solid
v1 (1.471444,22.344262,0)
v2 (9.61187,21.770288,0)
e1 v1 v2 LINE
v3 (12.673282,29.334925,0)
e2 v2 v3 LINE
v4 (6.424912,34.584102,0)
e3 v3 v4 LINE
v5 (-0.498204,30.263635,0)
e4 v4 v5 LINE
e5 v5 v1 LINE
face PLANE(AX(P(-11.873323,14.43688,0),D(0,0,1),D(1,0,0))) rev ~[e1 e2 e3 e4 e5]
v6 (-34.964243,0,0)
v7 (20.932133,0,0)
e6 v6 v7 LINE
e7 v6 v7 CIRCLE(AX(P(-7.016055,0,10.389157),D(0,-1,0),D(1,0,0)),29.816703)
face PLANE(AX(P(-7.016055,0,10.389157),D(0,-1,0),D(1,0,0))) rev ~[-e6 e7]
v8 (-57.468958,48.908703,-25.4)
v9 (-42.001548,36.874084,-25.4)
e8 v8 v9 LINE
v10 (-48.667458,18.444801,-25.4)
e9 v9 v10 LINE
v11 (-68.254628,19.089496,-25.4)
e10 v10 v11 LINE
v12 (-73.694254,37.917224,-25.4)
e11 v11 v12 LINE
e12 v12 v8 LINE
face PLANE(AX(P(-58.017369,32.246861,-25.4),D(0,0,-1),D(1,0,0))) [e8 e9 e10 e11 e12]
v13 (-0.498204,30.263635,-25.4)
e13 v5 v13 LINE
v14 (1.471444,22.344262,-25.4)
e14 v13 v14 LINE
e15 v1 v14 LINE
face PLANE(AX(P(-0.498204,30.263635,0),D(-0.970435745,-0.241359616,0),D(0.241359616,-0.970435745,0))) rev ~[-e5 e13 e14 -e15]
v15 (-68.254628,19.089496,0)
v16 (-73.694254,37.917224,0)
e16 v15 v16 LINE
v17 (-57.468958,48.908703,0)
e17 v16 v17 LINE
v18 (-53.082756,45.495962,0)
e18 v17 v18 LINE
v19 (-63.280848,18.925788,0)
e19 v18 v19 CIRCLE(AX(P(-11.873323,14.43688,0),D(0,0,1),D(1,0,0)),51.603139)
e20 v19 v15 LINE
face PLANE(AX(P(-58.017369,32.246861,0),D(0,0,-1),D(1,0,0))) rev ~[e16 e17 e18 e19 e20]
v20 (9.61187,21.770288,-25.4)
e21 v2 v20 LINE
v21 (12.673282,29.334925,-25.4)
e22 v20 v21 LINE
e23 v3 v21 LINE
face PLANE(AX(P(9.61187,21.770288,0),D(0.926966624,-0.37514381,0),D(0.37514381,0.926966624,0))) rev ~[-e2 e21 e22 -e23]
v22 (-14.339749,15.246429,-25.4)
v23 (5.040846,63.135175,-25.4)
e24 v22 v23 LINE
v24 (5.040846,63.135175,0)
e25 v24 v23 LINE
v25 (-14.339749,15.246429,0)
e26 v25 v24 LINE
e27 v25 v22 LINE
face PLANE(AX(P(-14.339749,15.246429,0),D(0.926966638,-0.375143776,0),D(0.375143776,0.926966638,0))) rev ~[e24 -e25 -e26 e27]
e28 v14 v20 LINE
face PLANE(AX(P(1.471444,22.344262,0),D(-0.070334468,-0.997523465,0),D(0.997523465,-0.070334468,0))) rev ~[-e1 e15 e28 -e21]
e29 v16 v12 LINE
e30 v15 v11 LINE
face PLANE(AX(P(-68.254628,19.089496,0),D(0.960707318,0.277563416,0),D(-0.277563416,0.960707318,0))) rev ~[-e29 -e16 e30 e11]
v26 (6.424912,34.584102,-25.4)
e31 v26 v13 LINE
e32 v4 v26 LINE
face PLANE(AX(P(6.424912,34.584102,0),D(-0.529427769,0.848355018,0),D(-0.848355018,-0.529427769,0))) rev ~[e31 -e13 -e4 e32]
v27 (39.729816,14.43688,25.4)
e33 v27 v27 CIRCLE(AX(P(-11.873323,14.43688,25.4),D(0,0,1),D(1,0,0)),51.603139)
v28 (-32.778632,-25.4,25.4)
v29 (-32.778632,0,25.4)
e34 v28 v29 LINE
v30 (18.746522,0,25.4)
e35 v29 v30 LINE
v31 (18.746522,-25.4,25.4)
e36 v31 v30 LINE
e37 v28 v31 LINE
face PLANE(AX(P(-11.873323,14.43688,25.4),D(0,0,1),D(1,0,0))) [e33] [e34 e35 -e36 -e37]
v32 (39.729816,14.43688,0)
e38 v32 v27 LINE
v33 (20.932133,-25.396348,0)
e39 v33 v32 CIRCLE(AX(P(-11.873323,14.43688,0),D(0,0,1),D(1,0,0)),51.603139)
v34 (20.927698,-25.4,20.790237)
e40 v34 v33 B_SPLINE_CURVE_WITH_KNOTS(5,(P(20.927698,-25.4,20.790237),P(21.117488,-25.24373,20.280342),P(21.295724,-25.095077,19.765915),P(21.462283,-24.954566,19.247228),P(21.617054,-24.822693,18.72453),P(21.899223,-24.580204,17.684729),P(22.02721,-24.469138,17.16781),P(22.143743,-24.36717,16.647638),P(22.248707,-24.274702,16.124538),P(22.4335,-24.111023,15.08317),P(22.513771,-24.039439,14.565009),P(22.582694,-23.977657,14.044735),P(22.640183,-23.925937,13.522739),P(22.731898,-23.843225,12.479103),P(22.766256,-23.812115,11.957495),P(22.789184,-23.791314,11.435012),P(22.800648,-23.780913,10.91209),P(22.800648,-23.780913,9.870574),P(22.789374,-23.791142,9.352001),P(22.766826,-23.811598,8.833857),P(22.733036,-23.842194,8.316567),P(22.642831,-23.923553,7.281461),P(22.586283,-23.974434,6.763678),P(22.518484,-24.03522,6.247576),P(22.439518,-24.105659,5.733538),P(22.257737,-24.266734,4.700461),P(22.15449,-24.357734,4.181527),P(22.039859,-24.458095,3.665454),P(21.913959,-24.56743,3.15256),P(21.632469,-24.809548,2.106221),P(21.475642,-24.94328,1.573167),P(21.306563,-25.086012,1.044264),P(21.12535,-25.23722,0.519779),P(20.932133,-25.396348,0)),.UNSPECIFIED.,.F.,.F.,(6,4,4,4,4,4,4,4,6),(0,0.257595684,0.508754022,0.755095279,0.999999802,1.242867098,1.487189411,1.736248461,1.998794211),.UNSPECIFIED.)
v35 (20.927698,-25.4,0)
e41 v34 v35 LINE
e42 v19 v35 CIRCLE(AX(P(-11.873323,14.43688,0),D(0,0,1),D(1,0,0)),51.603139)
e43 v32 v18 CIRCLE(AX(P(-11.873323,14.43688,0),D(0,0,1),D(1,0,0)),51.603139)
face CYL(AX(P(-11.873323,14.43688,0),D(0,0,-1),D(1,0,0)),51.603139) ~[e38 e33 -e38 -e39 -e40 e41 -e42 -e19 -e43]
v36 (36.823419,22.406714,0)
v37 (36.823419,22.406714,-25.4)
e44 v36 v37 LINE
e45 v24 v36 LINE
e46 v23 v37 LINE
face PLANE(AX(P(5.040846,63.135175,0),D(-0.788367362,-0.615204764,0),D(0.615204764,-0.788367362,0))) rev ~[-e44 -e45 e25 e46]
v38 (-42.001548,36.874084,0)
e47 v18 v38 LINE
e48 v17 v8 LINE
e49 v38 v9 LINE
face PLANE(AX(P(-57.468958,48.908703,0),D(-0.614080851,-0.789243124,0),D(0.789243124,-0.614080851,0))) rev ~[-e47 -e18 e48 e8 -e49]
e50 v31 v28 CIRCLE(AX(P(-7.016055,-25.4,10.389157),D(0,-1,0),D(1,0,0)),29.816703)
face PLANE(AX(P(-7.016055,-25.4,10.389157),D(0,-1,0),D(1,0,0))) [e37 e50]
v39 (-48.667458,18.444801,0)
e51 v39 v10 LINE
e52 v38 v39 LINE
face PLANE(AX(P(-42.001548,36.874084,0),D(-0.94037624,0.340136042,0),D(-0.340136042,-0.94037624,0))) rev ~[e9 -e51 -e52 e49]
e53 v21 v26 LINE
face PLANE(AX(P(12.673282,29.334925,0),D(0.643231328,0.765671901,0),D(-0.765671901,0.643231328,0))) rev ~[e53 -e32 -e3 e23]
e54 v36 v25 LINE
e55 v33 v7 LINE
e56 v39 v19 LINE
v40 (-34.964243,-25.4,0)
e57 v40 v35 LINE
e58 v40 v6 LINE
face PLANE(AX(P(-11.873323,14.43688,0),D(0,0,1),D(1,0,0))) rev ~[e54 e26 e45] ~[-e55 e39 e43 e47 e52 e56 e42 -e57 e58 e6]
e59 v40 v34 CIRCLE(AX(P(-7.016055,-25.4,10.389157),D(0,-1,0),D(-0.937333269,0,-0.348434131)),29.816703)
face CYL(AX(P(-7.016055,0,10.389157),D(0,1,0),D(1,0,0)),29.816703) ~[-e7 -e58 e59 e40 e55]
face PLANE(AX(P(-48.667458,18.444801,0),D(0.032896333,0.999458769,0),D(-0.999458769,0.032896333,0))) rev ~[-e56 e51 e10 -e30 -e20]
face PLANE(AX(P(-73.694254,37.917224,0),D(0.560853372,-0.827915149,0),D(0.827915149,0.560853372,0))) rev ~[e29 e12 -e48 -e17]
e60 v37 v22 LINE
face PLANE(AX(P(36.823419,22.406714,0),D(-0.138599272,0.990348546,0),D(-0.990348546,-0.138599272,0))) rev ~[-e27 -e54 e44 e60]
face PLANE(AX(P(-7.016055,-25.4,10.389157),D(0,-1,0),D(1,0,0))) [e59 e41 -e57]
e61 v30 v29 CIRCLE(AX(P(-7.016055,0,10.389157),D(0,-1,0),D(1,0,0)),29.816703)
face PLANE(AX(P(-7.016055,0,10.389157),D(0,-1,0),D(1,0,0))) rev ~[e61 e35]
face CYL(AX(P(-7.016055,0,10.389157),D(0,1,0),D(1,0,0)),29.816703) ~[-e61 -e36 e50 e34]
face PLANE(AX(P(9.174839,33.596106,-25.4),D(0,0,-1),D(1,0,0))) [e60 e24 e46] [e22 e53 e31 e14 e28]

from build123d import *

# Parameters (mm, degrees)
F0_R     = 51.603139
F1_DEPTH = 25.4
F2_R     = 29.816703
F3_DEPTH = 25.4
F5_DEPTH = 25.4


with BuildPart() as f1:
    # F0 (on Top) → F1 (new body)
    with BuildSketch(Plane.XY):
        with Locations((-11.873323, 14.43688)):
            Circle(F0_R)
    extrude(amount=F1_DEPTH)

    # F2 (on Front) → F3 (join)
    with BuildSketch(Plane.XZ):
        with Locations((-7.016055, 10.389157)):
            Circle(F2_R)
    extrude(amount=F3_DEPTH)

    # F4 (on face) → F5 (join)
    with BuildSketch(Plane(origin=(0, 0, 0), x_dir=(1, 0, 0), z_dir=(0, 0, -1))):
        Polygon((-42.001548, -36.874084), (-48.667458, -18.444801), (-68.254628, -19.089496), (-73.694254, -37.917224), (-57.468958, -48.908703), align=None)
        Polygon((5.040846, -63.135175), (36.823419, -22.406714), (-14.339749, -15.246429), align=None)
        Polygon((1.471444, -22.344262), (9.61187, -21.770288), (12.673282, -29.334925), (6.424912, -34.584102), (-0.498204, -30.263635), align=None, mode=Mode.SUBTRACT)
    extrude(amount=F5_DEPTH)


solid = f1.part
